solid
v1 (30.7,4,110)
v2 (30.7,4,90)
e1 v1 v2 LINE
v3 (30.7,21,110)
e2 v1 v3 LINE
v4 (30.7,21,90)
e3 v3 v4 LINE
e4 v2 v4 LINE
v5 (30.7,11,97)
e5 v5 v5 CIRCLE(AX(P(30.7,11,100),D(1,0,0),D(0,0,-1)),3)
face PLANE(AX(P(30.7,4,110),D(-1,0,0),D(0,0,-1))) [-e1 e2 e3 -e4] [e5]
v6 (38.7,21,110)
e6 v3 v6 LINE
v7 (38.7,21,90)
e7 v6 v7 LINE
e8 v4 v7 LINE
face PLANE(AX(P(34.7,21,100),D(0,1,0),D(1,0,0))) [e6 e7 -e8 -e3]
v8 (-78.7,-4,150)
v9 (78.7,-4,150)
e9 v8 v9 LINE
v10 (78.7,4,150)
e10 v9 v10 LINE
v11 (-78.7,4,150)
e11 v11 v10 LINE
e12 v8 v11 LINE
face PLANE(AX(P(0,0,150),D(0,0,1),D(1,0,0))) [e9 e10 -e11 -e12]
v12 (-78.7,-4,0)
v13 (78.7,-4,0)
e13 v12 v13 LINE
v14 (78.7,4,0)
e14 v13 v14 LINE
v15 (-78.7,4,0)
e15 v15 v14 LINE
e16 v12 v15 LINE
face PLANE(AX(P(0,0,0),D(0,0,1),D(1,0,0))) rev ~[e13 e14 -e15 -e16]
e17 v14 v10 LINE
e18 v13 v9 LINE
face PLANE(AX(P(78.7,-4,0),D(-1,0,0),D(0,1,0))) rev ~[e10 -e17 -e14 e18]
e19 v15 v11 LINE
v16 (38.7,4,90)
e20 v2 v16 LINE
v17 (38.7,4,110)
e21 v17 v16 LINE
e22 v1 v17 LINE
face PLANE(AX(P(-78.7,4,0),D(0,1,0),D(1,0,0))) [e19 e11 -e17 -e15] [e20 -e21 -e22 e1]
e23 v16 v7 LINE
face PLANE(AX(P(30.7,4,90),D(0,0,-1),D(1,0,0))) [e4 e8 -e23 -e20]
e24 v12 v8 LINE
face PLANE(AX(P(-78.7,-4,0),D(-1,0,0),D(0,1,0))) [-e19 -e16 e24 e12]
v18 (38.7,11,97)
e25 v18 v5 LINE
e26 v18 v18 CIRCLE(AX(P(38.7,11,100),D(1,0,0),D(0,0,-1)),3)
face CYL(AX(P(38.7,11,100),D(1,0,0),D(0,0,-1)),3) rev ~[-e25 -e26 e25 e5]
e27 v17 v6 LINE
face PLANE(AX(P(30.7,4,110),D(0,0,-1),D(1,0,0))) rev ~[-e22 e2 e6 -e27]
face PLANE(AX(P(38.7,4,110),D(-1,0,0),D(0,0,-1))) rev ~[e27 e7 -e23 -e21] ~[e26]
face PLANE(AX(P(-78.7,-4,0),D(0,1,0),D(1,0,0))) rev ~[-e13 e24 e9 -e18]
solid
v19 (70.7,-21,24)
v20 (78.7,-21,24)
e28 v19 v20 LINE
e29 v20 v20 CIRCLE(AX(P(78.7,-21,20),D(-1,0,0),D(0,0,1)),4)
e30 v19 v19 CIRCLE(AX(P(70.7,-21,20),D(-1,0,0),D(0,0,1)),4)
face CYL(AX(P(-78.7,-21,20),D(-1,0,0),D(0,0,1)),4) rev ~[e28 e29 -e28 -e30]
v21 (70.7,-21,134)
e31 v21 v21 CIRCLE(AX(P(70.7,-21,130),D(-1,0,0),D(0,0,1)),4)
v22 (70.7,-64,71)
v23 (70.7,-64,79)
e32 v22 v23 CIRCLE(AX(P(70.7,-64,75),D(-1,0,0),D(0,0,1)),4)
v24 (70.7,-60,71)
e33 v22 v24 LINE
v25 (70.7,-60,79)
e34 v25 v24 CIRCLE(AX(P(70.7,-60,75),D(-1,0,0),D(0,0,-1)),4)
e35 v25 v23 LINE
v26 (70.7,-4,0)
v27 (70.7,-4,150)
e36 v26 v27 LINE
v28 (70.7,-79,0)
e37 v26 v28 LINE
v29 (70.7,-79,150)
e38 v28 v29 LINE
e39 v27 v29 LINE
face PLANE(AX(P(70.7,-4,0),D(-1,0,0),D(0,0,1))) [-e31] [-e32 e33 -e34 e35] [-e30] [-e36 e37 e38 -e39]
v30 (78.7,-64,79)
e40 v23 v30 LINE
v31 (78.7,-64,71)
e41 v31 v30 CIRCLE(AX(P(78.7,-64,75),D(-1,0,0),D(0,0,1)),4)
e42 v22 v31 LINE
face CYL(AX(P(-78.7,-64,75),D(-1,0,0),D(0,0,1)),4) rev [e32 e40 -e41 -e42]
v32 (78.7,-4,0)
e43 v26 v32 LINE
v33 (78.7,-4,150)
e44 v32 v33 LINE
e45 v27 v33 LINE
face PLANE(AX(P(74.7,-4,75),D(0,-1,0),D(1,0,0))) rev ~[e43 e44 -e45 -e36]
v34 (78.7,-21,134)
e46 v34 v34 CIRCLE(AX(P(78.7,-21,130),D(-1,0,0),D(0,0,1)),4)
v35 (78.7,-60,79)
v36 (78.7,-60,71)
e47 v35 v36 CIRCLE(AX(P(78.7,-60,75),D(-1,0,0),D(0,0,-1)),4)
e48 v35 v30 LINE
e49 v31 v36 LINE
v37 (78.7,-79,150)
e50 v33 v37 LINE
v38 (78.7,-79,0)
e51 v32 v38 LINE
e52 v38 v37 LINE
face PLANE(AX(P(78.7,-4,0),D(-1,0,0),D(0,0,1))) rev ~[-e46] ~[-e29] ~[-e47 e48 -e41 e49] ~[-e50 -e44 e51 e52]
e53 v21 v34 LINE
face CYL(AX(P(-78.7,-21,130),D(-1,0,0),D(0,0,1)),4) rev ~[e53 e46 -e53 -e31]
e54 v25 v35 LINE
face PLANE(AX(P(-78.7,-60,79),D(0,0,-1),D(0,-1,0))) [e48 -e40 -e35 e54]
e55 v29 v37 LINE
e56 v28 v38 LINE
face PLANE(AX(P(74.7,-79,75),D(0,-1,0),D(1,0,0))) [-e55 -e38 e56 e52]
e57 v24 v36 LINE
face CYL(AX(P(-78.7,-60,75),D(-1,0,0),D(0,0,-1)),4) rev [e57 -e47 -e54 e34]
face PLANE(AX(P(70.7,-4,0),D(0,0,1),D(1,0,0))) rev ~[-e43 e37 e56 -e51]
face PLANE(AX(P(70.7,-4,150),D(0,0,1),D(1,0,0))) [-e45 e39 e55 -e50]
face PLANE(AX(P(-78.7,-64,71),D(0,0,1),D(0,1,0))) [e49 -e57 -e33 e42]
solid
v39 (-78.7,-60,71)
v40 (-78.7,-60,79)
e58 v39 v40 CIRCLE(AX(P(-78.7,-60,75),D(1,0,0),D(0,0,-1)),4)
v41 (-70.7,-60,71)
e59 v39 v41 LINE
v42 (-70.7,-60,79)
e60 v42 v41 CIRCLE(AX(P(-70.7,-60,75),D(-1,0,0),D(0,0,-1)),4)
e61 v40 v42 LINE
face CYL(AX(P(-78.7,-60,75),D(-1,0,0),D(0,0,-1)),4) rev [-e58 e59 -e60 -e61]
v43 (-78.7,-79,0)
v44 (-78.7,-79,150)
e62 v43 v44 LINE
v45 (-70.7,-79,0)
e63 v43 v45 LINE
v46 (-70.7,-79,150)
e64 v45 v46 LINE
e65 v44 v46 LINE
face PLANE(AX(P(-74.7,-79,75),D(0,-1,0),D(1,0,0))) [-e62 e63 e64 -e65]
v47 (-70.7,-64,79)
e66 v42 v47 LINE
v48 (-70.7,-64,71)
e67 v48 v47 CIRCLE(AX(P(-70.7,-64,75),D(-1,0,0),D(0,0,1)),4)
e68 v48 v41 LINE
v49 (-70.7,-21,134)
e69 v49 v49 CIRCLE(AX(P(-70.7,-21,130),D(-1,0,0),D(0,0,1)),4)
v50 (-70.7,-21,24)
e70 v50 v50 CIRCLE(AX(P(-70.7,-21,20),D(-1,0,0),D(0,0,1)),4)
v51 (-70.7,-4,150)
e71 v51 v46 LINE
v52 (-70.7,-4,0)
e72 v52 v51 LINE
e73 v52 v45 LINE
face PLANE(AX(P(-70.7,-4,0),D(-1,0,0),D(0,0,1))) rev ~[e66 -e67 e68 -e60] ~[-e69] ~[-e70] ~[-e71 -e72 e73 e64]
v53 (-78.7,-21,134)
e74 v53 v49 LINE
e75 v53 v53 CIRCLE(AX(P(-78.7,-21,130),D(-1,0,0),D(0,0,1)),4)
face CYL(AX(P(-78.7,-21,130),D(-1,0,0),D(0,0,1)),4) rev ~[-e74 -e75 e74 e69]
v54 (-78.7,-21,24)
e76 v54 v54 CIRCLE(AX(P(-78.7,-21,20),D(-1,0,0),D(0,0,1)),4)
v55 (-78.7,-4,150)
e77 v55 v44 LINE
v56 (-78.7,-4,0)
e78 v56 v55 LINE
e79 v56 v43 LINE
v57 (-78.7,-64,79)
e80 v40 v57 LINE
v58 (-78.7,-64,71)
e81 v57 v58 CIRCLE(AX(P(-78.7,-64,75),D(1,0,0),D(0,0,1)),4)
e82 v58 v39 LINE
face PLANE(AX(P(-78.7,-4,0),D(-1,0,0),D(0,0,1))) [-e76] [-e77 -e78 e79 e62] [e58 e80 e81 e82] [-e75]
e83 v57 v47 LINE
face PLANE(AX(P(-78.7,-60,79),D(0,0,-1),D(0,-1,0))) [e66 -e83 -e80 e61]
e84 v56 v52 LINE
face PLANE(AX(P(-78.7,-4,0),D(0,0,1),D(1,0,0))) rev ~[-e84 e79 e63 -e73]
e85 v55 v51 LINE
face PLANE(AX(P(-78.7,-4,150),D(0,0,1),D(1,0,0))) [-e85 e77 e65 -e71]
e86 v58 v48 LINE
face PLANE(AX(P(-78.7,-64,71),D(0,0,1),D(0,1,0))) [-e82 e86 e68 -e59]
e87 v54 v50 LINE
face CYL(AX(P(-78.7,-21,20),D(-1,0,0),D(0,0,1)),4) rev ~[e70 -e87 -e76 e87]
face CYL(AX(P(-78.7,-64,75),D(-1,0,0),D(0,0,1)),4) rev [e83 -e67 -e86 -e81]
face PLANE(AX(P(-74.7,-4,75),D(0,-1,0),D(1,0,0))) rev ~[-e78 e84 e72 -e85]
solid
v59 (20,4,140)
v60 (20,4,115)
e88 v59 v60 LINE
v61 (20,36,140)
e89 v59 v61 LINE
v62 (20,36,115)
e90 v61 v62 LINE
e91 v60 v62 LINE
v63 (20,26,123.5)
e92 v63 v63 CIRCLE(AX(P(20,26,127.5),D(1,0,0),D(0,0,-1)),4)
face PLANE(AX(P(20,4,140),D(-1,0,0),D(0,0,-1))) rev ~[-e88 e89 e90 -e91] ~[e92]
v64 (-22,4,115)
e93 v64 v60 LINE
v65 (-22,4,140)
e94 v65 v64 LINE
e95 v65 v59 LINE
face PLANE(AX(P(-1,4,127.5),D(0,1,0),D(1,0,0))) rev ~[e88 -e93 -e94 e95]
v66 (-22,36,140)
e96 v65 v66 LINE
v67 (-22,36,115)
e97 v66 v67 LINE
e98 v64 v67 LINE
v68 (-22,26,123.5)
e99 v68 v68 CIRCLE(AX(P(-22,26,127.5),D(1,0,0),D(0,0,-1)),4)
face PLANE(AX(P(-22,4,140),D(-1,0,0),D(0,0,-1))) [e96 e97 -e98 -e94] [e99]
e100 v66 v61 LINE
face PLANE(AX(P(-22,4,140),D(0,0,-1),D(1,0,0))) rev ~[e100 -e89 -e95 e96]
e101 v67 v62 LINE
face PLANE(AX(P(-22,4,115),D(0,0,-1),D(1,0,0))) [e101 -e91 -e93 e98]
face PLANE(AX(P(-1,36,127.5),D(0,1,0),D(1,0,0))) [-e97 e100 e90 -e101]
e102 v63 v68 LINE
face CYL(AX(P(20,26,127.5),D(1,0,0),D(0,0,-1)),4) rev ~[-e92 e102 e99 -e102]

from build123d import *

# Parameters (mm, degrees)
SKETCH1_W             = 157.4
SKETCH1_H             = 8
BOSS_EXTRUDE1_DEPTH   = 150
SKETCH2_W             = 8
SKETCH2_H             = 150
BOSS_EXTRUDE2_DEPTH   = 75
BOSS_EXTRUDE2_2_DEPTH = 75
SKETCH3_R             = 4
CUT_EXTRUDE1_DEPTH    = 232.334735827
SKETCH5_W             = 42
SKETCH5_H             = 25
BOSS_EXTRUDE3_DEPTH   = 32
SKETCH7_R             = 4
CUT_EXTRUDE2_DEPTH    = 197.17005378
SKETCH8_W             = 8
SKETCH8_H             = 20
BOSS_EXTRUDE4_DEPTH   = 17
SKETCH9_R             = 3
CUT_EXTRUDE3_DEPTH    = 8


with BuildPart() as part:
    # Sketch1 → Boss-Extrude1 (new body)
    with BuildSketch(Plane.XY):
        Rectangle(SKETCH1_W, SKETCH1_H)
    extrude(amount=BOSS_EXTRUDE1_DEPTH)

    # Sketch8 → Boss-Extrude4 (add)
    with BuildSketch(Plane(origin=(0, 4, 0), x_dir=(1, 0, 0), z_dir=(0, 1, 0))):
        with Locations((34.7, -100)):
            Rectangle(SKETCH8_W, SKETCH8_H)
    extrude(amount=BOSS_EXTRUDE4_DEPTH)

    # Sketch9 → Cut-Extrude3 (cut)
    with BuildSketch(Plane(origin=(38.7, 0, 0), x_dir=(0, 0, -1), z_dir=(1, 0, 0))):
        with Locations((-100, 11)):
            Circle(SKETCH9_R)
    extrude(amount=-CUT_EXTRUDE3_DEPTH, mode=Mode.SUBTRACT)


with BuildPart() as body_2:
    # Sketch2 → Boss-Extrude2 (new body)
    with BuildSketch(Plane.XZ.offset(4)):
        with Locations((-74.7, 75)):
            Rectangle(SKETCH2_W, SKETCH2_H)
    extrude(amount=BOSS_EXTRUDE2_DEPTH)


with BuildPart() as body_3:
    # Sketch2 → Boss-Extrude2 2 (new body)
    with BuildSketch(Plane.XZ.offset(4)):
        with Locations((74.7, 75)):
            Rectangle(SKETCH2_W, SKETCH2_H)
    extrude(amount=BOSS_EXTRUDE2_2_DEPTH)


with BuildPart() as cut_extrude1_tool:
    # Sketch3 → Cut-Extrude1 (new, through all)
    with BuildSketch(Plane.ZY.offset(78.7)):
        with Locations((130, -21)):
            Circle(SKETCH3_R)
        with Locations((20, -21)):
            Circle(SKETCH3_R)
        with BuildLine():
            Line((79, -60), (79, -64))
            ThreePointArc((79, -64), (75, -68), (71, -64))
            Line((71, -64), (71, -60))
            ThreePointArc((71, -60), (75, -56), (79, -60))
        make_face()
    extrude(amount=-CUT_EXTRUDE1_DEPTH)


with BuildPart() as body_2_1:
    add(body_2.part)

    # Cut-Extrude1: cut by cut_extrude1_tool
    add(cut_extrude1_tool.part, mode=Mode.SUBTRACT)


with BuildPart() as body_3_1:
    add(body_3.part)

    # Cut-Extrude1: cut by cut_extrude1_tool
    add(cut_extrude1_tool.part, mode=Mode.SUBTRACT)


with BuildPart() as body_4:
    # Sketch5 → Boss-Extrude3 (new body)
    with BuildSketch(Plane(origin=(0, 4, 0), x_dir=(1, 0, 0), z_dir=(0, 1, 0))):
        with Locations((-1, -127.5)):
            Rectangle(SKETCH5_W, SKETCH5_H)
    extrude(amount=BOSS_EXTRUDE3_DEPTH)

    # Sketch7 → Cut-Extrude2 (cut, through all)
    with BuildSketch(Plane(origin=(20, 0, 0), x_dir=(0, 0, -1), z_dir=(1, 0, 0))):
        with Locations((-127.5, 26)):
            Circle(SKETCH7_R)
    extrude(amount=-CUT_EXTRUDE2_DEPTH, mode=Mode.SUBTRACT)


solid = Compound([part.part, body_2_1.part, body_3_1.part, body_4.part])
